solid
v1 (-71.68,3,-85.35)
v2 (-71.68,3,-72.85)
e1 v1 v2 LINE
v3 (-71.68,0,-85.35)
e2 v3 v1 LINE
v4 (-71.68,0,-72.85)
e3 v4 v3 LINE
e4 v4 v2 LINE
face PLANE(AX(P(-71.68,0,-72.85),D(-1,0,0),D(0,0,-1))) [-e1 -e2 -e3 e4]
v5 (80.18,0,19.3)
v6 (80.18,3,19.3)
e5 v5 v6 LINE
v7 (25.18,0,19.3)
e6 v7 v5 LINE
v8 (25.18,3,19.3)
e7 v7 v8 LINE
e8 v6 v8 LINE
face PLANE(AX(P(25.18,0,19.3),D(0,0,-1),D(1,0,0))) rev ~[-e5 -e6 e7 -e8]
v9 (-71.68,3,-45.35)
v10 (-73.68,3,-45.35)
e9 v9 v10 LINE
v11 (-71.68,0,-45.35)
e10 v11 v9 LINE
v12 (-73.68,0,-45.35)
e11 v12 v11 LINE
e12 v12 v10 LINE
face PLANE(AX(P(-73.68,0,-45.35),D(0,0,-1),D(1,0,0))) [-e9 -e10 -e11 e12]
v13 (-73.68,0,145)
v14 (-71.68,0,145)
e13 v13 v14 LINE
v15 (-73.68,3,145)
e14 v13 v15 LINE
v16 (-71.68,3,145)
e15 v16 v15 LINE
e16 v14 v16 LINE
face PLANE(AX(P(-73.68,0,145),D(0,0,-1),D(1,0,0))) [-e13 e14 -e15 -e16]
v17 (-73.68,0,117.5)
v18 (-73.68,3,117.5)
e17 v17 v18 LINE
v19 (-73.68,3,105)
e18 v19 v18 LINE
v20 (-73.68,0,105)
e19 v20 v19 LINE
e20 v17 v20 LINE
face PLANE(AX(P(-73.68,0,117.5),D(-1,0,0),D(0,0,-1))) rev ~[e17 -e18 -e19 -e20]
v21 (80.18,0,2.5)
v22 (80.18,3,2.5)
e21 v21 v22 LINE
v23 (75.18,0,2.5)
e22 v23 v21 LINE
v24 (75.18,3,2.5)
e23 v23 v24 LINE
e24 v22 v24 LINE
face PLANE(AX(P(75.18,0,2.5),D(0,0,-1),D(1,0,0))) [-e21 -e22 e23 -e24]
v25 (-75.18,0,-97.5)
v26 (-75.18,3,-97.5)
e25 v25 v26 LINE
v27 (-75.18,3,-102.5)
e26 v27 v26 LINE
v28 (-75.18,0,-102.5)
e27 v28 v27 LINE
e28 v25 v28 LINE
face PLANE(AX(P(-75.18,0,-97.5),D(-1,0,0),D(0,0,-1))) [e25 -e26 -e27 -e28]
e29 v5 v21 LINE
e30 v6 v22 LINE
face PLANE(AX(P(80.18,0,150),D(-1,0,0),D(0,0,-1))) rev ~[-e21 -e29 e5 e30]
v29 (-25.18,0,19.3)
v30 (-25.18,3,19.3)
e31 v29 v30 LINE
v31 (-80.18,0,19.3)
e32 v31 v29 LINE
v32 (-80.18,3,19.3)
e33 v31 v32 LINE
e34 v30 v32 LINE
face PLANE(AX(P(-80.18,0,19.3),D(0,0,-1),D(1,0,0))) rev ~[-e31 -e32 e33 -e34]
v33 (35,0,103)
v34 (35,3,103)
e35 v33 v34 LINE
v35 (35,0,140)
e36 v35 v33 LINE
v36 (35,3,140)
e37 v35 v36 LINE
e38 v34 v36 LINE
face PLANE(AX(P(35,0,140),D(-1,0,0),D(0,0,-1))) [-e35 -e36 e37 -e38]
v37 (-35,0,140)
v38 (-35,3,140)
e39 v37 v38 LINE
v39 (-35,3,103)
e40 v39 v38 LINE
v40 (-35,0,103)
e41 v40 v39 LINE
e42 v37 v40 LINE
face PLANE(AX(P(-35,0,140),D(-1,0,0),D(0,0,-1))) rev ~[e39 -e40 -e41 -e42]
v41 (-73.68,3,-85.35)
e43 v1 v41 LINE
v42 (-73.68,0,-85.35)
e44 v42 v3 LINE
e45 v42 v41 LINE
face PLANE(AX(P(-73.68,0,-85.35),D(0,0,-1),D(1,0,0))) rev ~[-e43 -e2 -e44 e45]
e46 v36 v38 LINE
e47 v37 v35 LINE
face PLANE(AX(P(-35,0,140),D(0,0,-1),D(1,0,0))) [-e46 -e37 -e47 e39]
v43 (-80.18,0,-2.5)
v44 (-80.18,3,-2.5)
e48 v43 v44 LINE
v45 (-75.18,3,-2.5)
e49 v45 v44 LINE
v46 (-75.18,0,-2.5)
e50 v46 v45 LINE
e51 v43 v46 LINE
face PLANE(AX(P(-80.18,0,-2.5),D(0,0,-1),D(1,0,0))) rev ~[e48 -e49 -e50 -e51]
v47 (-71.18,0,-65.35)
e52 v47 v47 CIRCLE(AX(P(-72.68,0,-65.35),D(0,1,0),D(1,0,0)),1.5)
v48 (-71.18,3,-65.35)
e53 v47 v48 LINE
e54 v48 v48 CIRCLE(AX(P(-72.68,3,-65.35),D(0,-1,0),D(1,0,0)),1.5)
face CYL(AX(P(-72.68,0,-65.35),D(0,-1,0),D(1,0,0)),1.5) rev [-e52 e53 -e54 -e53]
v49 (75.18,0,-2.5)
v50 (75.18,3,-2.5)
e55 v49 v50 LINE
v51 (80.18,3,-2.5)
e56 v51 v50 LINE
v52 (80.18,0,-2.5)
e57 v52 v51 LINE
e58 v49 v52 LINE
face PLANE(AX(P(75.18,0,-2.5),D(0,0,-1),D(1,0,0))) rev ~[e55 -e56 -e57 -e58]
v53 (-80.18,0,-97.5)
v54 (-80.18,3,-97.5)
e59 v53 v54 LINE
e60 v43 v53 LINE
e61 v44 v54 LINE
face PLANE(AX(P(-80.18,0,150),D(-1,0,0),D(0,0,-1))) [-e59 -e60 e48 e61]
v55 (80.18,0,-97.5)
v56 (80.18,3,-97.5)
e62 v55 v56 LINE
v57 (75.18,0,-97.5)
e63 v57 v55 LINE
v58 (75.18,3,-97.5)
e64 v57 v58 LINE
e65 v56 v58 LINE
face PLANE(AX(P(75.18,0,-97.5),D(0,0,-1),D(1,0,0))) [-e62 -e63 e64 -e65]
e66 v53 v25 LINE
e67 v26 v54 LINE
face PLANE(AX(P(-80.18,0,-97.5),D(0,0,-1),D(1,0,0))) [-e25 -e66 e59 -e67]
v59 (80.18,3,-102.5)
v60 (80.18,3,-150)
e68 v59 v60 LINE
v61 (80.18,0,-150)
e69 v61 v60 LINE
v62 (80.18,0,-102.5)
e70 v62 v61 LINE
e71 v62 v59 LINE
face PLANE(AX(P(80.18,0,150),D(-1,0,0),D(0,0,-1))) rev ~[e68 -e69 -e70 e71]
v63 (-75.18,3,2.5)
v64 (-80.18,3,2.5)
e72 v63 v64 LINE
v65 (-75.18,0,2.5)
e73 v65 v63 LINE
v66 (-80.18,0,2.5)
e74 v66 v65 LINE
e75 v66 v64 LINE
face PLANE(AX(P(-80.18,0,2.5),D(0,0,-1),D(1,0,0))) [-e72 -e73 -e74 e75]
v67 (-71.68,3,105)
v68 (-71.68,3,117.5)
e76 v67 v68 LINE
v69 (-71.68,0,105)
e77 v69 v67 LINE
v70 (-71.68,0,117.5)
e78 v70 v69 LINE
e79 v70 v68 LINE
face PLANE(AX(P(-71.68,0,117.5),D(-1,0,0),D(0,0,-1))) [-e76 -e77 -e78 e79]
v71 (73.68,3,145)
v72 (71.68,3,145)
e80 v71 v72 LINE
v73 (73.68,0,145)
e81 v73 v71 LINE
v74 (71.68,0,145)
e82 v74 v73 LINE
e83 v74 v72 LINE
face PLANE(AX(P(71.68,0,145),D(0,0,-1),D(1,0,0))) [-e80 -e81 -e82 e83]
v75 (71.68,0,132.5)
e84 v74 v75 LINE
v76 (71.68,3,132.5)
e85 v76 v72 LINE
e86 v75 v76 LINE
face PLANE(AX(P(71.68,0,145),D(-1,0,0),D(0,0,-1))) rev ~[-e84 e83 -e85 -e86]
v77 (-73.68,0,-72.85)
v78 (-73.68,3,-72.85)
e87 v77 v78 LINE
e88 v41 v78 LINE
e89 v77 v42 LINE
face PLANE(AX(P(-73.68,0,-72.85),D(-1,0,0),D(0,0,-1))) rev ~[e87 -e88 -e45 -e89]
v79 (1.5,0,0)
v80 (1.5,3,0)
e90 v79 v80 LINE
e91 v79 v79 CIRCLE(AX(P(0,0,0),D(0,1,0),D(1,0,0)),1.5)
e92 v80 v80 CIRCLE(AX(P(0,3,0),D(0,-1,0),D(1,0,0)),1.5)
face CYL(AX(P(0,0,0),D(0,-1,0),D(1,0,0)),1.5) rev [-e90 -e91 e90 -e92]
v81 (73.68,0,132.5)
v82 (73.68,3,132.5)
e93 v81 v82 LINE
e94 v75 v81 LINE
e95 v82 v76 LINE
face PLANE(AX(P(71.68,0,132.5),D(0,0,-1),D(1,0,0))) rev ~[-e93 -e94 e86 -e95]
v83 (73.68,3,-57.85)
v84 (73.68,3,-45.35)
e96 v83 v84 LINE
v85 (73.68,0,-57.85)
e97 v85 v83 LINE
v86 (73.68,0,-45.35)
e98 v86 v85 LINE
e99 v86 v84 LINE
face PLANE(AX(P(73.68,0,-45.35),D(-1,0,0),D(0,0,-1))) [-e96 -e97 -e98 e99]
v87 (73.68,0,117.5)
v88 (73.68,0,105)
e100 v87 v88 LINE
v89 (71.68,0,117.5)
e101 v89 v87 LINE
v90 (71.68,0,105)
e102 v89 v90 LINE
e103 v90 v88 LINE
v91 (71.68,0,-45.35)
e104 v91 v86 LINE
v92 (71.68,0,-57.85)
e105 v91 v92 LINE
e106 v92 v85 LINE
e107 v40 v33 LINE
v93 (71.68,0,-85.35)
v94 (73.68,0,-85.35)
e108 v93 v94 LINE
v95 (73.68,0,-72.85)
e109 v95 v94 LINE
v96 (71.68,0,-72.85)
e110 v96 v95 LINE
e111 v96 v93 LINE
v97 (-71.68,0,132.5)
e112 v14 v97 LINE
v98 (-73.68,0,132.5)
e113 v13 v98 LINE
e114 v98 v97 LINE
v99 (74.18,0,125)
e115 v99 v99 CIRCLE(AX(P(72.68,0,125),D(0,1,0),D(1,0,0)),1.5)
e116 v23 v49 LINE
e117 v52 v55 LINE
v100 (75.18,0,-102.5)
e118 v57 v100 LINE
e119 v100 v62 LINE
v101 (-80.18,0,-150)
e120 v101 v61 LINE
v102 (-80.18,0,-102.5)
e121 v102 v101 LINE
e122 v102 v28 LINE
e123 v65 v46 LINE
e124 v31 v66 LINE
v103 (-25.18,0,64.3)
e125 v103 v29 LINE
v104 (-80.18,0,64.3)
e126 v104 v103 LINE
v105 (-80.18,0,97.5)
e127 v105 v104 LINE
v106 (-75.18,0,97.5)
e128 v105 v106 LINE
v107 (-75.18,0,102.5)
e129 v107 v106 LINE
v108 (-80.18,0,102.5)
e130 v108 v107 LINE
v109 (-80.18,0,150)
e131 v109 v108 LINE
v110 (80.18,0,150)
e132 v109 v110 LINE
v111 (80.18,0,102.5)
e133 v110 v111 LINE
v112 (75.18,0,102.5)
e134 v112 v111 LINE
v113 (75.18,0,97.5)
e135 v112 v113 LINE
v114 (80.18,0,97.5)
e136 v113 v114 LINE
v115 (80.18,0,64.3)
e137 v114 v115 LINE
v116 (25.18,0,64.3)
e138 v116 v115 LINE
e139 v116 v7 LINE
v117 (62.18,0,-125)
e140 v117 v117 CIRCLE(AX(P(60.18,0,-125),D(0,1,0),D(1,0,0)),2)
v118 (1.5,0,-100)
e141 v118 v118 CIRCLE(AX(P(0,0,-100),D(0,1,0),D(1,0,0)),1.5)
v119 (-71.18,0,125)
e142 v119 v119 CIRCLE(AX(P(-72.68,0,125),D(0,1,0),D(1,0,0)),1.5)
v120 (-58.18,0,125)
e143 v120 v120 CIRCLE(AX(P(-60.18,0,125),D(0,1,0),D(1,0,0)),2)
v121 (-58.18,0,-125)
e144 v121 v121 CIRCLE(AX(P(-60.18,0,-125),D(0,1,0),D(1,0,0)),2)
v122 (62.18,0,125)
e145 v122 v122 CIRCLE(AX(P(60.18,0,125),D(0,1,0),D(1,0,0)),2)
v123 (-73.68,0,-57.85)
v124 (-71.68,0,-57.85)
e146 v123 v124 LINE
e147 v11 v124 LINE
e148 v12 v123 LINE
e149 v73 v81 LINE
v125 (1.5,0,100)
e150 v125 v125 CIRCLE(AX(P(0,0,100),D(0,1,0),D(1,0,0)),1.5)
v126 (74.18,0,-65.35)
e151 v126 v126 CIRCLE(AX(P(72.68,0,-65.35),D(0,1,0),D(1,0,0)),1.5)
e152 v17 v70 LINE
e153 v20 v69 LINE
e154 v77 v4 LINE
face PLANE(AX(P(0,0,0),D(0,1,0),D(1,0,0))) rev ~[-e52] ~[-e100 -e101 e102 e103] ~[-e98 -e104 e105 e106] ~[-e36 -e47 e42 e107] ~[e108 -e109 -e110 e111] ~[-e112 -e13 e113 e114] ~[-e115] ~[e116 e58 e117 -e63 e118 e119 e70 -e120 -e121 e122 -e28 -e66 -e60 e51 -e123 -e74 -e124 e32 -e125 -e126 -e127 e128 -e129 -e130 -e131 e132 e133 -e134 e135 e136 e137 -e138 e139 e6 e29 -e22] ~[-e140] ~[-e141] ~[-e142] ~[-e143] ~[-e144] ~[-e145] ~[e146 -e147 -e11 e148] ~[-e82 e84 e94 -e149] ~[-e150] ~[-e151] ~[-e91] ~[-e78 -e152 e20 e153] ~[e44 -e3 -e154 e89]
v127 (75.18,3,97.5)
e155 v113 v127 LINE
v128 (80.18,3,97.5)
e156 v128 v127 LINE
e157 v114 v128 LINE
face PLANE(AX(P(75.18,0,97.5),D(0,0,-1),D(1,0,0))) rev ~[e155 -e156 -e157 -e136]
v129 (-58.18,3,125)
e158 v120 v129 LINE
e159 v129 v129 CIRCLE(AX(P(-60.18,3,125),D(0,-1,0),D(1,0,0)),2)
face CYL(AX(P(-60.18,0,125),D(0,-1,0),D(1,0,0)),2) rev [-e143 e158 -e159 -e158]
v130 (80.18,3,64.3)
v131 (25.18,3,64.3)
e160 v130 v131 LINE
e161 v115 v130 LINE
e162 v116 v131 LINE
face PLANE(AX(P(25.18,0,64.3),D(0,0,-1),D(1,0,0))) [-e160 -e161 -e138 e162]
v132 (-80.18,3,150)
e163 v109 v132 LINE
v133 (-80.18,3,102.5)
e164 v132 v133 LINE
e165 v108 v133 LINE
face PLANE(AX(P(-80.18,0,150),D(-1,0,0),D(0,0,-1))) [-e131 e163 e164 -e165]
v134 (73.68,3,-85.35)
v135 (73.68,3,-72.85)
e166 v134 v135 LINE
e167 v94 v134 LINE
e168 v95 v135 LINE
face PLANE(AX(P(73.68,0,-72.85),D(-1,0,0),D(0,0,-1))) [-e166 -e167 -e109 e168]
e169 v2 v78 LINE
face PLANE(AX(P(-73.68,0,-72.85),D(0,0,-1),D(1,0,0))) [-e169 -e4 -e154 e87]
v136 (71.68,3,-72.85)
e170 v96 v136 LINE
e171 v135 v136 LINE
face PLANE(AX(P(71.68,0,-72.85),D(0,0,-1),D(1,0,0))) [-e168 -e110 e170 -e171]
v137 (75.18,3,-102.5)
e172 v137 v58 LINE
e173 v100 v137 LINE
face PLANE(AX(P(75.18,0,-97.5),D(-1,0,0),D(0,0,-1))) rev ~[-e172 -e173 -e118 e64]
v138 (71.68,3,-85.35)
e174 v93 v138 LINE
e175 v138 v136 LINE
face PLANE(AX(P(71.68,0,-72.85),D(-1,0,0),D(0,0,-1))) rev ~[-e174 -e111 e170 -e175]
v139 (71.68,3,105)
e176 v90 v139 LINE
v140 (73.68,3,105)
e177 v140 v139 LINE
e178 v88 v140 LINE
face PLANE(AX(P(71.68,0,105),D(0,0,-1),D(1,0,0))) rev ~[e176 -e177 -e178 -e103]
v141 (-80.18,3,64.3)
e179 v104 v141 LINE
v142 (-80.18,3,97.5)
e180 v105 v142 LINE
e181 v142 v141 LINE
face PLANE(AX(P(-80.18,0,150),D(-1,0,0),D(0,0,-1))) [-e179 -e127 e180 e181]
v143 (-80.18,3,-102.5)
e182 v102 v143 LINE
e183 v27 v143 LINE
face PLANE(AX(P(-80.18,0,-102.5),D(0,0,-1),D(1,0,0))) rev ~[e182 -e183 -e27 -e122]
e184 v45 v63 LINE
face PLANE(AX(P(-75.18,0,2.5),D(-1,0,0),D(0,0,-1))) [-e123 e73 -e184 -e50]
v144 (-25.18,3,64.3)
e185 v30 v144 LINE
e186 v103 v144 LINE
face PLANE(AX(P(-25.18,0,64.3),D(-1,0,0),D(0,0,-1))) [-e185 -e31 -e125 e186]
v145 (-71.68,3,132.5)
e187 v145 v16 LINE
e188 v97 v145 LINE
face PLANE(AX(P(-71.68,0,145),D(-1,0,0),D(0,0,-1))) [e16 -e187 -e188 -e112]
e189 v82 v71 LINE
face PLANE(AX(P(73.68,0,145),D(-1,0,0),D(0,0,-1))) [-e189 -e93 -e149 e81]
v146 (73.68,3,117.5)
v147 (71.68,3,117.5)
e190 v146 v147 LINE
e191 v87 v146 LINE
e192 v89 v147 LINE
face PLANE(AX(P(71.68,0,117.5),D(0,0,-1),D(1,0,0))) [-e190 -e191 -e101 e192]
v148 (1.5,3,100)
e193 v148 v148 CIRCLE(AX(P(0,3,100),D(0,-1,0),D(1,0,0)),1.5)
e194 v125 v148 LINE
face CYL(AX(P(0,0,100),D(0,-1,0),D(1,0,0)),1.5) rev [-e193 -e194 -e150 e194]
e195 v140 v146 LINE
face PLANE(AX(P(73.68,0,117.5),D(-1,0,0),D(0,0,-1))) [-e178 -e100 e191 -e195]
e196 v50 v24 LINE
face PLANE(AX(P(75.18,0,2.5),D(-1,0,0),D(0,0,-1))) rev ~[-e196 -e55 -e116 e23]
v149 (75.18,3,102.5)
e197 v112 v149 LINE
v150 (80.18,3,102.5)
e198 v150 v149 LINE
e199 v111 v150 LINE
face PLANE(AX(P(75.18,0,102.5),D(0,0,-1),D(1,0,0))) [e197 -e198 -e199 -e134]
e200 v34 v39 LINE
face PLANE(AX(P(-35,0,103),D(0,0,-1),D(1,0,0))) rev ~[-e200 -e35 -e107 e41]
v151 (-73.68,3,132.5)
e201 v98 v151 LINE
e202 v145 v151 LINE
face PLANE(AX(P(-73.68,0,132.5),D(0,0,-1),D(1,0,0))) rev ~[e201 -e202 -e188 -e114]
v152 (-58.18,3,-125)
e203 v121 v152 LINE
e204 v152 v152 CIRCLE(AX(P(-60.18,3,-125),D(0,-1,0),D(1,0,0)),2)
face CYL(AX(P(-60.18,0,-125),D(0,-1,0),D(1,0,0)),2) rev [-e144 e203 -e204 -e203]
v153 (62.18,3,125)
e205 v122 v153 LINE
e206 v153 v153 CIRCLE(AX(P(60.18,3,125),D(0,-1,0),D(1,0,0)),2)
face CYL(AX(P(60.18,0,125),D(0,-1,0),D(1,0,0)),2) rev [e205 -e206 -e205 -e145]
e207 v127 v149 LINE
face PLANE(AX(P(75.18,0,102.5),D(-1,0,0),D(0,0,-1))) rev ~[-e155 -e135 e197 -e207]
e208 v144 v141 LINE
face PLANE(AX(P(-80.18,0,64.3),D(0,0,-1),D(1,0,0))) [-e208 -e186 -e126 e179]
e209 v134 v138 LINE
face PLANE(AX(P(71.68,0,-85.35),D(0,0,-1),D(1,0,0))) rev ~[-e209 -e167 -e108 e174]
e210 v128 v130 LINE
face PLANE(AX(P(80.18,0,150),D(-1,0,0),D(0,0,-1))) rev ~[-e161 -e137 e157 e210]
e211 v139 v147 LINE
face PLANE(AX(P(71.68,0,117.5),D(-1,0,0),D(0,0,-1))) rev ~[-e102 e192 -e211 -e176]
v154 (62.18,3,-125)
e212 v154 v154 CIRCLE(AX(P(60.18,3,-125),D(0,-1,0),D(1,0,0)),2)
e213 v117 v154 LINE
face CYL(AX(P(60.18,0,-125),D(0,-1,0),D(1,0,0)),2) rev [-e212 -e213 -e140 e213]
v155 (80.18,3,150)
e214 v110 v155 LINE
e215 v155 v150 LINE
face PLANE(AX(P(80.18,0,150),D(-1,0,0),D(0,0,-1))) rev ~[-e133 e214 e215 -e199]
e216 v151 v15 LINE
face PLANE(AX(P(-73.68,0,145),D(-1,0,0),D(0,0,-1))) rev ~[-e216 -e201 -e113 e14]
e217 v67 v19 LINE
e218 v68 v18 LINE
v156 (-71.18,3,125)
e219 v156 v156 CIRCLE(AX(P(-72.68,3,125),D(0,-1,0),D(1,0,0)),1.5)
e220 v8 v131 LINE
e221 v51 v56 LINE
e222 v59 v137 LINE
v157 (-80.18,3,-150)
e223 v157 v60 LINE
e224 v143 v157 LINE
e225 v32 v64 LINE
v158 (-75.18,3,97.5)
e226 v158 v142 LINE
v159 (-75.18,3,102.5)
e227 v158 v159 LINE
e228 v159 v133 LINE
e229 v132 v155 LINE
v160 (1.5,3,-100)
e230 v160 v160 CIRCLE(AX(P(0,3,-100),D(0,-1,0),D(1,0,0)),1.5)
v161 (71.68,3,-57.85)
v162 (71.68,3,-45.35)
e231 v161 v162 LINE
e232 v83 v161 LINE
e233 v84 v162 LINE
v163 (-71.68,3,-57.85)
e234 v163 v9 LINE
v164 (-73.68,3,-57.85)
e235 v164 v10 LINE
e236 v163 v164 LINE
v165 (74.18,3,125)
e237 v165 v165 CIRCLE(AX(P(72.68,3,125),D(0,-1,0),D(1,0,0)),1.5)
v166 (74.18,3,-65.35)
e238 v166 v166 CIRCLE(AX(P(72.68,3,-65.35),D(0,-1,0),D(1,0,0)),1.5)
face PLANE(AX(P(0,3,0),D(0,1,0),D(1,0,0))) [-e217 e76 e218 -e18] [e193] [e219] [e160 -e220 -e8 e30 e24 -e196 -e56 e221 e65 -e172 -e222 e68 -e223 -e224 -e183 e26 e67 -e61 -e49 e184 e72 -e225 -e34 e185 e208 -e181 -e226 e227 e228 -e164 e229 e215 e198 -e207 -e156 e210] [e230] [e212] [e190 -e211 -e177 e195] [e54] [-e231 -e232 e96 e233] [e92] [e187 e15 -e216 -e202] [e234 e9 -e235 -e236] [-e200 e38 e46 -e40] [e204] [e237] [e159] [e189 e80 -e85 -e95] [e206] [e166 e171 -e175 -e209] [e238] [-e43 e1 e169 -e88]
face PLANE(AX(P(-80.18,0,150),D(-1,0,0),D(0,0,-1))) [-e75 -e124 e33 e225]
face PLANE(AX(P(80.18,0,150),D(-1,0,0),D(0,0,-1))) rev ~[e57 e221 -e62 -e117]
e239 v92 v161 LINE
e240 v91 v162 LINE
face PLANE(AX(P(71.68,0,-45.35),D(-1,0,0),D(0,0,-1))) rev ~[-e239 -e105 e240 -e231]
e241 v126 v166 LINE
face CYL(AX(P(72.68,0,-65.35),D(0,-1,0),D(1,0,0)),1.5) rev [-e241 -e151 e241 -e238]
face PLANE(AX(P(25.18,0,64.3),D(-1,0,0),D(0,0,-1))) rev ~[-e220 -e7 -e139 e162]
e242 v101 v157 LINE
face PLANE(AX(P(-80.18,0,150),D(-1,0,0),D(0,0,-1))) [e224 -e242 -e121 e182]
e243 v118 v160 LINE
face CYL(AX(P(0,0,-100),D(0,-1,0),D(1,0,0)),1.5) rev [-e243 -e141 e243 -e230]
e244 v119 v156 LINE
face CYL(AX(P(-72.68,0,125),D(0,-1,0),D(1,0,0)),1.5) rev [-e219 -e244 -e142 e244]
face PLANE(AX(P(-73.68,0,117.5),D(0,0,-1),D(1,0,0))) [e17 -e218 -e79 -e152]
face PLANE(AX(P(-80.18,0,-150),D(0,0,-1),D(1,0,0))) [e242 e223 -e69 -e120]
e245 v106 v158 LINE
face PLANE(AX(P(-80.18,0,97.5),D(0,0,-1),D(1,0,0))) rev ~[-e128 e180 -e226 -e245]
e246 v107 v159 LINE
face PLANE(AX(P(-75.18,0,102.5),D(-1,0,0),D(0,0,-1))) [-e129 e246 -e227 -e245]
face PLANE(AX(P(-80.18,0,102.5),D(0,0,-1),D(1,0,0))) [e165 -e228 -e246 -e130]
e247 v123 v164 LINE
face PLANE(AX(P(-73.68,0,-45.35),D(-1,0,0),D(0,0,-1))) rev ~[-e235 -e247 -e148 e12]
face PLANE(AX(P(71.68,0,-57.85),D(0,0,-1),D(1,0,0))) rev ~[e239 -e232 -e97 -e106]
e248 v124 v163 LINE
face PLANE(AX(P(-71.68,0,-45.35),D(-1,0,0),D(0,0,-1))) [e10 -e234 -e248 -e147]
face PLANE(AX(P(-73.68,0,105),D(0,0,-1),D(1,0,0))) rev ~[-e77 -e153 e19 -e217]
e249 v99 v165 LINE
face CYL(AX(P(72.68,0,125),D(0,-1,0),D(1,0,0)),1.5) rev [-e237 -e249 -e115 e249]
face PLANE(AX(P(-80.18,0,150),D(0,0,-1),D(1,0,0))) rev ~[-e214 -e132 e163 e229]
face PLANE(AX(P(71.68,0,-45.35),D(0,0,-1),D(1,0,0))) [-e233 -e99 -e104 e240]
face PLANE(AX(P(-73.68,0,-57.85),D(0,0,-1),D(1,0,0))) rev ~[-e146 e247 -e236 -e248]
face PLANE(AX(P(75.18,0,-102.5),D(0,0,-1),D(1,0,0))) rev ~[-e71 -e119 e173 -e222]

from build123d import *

# Parameters (mm, degrees)
SCHIZZO1_W                   = 160.36
SCHIZZO1_H                   = 300
ESTRUSIONE_ESTRUSIONE1_DEPTH = 3
SCHIZZO3_R                   = 1.5
SCHIZZO3_W                   = 5
SCHIZZO3_H                   = 5
SCHIZZO3_W_2                 = 55
SCHIZZO3_H_2                 = 45
TAGLIO_ESTRUSIONE1_DEPTH     = 4
SCHIZZO4_R                   = 2
TAGLIO_ESTRUSIONE2_DEPTH     = 4
SCHIZZO5_R                   = 1.5
SCHIZZO5_W                   = 2
SCHIZZO5_H                   = 12.5
TAGLIO_ESTRUSIONE3_DEPTH     = 4
SCHIZZO6_W                   = 70
SCHIZZO6_H                   = 37
TAGLIO_ESTRUSIONE4_DEPTH     = 4


with BuildPart() as part:
    # Schizzo1 → Estrusione-Estrusione1 (new body)
    with BuildSketch(Plane(origin=(0, 0, 0), x_dir=(1, 0, 0), z_dir=(0, 1, 0))):
        Rectangle(SCHIZZO1_W, SCHIZZO1_H)
    extrude(amount=ESTRUSIONE_ESTRUSIONE1_DEPTH)

    # Schizzo3 → Taglio-Estrusione1 (cut, through all)
    with BuildSketch(Plane(origin=(0, 0, 0), x_dir=(1, 0, 0), z_dir=(0, 1, 0))):
        Circle(SCHIZZO3_R)
        with Locations((0, -100)):
            Circle(SCHIZZO3_R)
        with Locations((0, 100)):
            Circle(SCHIZZO3_R)
        with Locations((-5.042705223, -204.043249359)):
            Circle(SCHIZZO3_R)
        with Locations((-77.68, -100)):
            Rectangle(SCHIZZO3_W, SCHIZZO3_H)
        with Locations((-77.68, 0)):
            Rectangle(SCHIZZO3_W, SCHIZZO3_H)
        with Locations((-77.68, 100)):
            Rectangle(SCHIZZO3_W, SCHIZZO3_H)
        with Locations((77.68, -100)):
            Rectangle(SCHIZZO3_W, SCHIZZO3_H)
        with Locations((77.68, 0)):
            Rectangle(SCHIZZO3_W, SCHIZZO3_H)
        with Locations((77.68, 100)):
            Rectangle(SCHIZZO3_W, SCHIZZO3_H)
        with Locations((-52.68, -41.8)):
            Rectangle(SCHIZZO3_W_2, SCHIZZO3_H_2)
        with Locations((52.68, -41.8)):
            Rectangle(SCHIZZO3_W_2, SCHIZZO3_H_2)
    extrude(amount=TAGLIO_ESTRUSIONE1_DEPTH, mode=Mode.SUBTRACT)

    # Schizzo4 → Taglio-Estrusione2 (cut, through all)
    with BuildSketch(Plane(origin=(0, 0, 0), x_dir=(1, 0, 0), z_dir=(0, 1, 0))):
        with Locations((-60.18, -125)):
            Circle(SCHIZZO4_R)
        with Locations((60.18, -125)):
            Circle(SCHIZZO4_R)
        with Locations((-60.18, 125)):
            Circle(SCHIZZO4_R)
        with Locations((60.18, 125)):
            Circle(SCHIZZO4_R)
    extrude(amount=TAGLIO_ESTRUSIONE2_DEPTH, mode=Mode.SUBTRACT)

    # Schizzo5 → Taglio-Estrusione3 (cut, through all)
    with BuildSketch(Plane(origin=(0, 0, 0), x_dir=(1, 0, 0), z_dir=(0, 1, 0))):
        with Locations((72.68, 65.35)):
            Circle(SCHIZZO5_R)
        with Locations((-72.68, 65.35)):
            Circle(SCHIZZO5_R)
        with Locations((72.68, -125)):
            Circle(SCHIZZO5_R)
        with Locations((-72.68, -125)):
            Circle(SCHIZZO5_R)
        with Locations((72.68, 79.1)):
            Rectangle(SCHIZZO5_W, SCHIZZO5_H)
        with Locations((72.68, 51.6)):
            Rectangle(SCHIZZO5_W, SCHIZZO5_H)
        with Locations((-72.68, 51.6)):
            Rectangle(SCHIZZO5_W, SCHIZZO5_H)
        with Locations((-72.68, 79.1)):
            Rectangle(SCHIZZO5_W, SCHIZZO5_H)
        with Locations((72.68, -111.25)):
            Rectangle(SCHIZZO5_W, SCHIZZO5_H)
        with Locations((72.68, -138.75)):
            Rectangle(SCHIZZO5_W, SCHIZZO5_H)
        with Locations((-72.68, -111.25)):
            Rectangle(SCHIZZO5_W, SCHIZZO5_H)
        with Locations((-72.68, -138.75)):
            Rectangle(SCHIZZO5_W, SCHIZZO5_H)
    extrude(amount=TAGLIO_ESTRUSIONE3_DEPTH, mode=Mode.SUBTRACT)

    # Schizzo6 → Taglio-Estrusione4 (cut, through all)
    with BuildSketch(Plane(origin=(0, 0, 0), x_dir=(1, 0, 0), z_dir=(0, 1, 0))):
        with Locations((0, -121.5)):
            Rectangle(SCHIZZO6_W, SCHIZZO6_H)
    extrude(amount=TAGLIO_ESTRUSIONE4_DEPTH, mode=Mode.SUBTRACT)


solid = part.part
